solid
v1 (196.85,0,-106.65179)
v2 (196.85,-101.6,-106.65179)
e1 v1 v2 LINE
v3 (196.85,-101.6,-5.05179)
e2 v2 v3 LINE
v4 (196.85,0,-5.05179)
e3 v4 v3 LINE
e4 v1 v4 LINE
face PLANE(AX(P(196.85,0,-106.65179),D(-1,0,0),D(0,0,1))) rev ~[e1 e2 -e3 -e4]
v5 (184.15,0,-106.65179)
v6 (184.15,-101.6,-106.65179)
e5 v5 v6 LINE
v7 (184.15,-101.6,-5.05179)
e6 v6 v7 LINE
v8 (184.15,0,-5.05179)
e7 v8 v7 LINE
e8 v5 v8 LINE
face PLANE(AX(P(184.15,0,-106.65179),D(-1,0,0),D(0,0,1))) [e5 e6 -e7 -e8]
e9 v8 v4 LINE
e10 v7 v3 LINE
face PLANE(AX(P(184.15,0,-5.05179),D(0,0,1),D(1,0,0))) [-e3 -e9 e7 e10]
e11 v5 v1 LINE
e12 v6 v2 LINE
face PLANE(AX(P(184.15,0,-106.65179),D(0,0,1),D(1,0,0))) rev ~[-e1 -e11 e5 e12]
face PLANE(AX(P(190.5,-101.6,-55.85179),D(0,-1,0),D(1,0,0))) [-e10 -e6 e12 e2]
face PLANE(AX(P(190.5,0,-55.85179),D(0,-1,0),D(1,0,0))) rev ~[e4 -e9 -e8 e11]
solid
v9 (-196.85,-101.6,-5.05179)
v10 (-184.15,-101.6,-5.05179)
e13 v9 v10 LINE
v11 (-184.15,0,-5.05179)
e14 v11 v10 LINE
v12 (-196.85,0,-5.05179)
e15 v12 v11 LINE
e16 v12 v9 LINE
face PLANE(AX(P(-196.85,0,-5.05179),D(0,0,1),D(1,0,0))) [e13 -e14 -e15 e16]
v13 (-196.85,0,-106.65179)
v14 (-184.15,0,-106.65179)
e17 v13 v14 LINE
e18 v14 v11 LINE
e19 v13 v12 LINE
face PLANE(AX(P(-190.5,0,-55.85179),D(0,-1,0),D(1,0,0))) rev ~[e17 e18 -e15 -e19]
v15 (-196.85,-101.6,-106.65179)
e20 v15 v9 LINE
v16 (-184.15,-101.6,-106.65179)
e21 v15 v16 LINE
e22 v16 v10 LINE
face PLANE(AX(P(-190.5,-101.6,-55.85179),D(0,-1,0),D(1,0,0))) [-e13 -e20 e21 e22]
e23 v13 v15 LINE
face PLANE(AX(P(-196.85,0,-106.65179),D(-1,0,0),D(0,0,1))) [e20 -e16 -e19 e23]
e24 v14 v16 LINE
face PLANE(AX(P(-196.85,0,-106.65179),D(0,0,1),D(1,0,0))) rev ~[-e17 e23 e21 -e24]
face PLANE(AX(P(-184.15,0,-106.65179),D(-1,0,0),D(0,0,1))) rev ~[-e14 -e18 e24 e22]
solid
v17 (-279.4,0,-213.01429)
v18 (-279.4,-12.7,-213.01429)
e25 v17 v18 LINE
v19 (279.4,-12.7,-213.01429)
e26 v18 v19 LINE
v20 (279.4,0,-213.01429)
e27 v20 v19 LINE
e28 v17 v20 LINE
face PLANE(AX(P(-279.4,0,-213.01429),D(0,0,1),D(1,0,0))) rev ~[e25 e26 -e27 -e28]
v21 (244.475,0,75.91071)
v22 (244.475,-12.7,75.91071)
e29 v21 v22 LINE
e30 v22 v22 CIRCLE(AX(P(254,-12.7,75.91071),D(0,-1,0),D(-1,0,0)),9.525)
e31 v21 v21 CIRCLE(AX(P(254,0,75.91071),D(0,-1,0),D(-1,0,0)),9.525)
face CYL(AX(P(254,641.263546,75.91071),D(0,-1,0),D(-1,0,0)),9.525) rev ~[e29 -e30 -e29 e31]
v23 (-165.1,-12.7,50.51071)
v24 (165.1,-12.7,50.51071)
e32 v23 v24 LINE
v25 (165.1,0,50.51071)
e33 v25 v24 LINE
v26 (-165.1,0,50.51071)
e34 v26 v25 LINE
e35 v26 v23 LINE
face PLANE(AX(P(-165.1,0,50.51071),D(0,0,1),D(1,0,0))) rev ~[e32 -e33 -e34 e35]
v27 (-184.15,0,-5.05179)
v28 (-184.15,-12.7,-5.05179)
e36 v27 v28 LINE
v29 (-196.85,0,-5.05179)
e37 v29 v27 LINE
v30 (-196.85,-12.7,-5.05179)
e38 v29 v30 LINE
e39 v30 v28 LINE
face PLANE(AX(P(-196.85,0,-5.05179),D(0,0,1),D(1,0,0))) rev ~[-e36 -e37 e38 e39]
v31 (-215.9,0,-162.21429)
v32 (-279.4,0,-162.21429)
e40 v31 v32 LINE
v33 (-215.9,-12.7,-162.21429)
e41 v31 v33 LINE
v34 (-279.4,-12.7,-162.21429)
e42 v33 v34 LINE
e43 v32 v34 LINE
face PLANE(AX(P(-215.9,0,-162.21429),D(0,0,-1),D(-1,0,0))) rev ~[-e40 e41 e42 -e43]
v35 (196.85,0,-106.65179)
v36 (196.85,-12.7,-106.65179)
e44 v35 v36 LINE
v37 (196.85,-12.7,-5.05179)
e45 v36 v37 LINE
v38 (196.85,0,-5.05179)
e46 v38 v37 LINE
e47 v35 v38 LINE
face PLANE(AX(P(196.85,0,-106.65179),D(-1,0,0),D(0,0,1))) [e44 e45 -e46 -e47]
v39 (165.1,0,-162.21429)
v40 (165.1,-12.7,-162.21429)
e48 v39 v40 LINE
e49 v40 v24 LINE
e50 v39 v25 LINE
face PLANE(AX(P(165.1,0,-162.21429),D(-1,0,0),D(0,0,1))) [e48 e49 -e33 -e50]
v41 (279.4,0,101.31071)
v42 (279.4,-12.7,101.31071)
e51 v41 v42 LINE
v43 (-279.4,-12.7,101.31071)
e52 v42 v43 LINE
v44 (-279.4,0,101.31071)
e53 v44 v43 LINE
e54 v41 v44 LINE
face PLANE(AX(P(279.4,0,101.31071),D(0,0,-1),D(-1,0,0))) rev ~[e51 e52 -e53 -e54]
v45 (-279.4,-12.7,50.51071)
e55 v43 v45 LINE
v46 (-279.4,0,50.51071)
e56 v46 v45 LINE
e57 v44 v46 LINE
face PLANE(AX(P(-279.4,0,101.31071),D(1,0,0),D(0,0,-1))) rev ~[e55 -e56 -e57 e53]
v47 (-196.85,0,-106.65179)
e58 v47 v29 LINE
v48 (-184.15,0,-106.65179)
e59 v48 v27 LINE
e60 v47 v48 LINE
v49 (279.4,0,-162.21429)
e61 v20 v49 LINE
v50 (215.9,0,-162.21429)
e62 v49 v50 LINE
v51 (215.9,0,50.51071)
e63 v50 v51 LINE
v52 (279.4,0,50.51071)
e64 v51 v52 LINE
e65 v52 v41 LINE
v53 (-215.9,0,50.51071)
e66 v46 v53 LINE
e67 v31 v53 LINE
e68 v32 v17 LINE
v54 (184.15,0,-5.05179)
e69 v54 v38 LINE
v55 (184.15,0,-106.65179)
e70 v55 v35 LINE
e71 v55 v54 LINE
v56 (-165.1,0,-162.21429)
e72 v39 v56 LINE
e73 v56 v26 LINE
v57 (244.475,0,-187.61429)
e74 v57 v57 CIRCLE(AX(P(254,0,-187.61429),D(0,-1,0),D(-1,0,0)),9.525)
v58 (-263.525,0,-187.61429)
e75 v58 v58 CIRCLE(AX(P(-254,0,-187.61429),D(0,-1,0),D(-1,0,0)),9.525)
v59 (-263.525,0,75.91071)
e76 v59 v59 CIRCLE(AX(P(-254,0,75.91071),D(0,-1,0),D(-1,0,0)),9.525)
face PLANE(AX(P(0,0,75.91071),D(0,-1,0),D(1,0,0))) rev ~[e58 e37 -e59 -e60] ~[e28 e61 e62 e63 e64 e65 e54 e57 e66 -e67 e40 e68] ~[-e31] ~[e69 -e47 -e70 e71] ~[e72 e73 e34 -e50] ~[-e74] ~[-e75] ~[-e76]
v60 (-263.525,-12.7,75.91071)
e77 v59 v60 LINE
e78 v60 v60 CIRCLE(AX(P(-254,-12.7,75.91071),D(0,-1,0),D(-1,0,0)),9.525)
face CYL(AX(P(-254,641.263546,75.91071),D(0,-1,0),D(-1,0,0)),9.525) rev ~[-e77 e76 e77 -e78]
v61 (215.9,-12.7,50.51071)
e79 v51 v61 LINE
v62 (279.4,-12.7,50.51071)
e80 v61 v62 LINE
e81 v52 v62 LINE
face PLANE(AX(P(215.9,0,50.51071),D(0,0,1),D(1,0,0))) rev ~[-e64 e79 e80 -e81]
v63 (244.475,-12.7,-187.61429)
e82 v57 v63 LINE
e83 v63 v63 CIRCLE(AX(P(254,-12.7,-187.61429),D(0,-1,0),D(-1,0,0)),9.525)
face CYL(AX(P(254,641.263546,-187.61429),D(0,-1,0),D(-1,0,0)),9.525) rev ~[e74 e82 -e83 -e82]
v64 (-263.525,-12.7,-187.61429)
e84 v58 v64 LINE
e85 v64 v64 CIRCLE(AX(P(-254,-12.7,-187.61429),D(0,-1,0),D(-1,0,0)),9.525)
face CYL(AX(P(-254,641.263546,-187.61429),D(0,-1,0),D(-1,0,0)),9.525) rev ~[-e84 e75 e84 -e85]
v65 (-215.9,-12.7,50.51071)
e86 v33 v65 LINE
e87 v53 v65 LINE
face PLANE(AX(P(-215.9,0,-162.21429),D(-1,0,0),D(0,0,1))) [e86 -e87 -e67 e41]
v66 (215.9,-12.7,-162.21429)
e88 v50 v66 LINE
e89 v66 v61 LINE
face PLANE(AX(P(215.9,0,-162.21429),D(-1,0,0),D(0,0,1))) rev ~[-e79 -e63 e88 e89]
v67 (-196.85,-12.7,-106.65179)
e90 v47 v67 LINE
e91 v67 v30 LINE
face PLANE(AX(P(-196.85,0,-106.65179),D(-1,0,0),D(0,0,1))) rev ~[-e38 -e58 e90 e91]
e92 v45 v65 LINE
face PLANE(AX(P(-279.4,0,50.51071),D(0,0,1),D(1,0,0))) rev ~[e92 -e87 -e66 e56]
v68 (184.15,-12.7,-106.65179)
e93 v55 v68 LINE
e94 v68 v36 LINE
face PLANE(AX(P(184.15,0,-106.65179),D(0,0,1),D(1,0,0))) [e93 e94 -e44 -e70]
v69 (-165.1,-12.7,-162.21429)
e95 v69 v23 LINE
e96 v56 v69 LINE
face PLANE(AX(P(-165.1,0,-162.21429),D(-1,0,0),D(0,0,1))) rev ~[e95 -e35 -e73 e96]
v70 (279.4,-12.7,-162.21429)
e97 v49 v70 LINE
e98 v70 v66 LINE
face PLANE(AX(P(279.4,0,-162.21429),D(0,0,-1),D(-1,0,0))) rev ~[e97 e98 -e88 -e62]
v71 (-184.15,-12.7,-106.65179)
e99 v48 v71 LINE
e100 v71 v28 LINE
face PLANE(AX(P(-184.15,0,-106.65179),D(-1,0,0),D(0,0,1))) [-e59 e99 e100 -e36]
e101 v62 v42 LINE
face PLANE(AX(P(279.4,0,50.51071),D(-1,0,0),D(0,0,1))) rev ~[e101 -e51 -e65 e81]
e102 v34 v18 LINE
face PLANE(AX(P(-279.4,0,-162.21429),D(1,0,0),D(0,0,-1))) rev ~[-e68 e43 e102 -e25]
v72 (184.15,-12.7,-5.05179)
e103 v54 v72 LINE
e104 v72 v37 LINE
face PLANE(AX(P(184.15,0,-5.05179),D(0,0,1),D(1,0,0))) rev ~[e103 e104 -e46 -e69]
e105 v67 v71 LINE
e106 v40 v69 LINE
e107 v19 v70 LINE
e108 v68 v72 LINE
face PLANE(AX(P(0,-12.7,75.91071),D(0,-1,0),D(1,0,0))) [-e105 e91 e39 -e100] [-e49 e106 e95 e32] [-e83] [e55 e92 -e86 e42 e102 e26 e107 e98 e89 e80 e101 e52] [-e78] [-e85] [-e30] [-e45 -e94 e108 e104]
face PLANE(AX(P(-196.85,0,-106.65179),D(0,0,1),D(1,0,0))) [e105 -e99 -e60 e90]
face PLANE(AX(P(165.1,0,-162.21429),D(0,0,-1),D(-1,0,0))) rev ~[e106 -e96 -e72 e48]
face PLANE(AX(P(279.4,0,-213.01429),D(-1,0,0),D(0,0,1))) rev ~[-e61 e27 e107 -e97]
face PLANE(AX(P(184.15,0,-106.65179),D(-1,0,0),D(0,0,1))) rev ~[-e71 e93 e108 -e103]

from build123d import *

# Parameters (mm, degrees)
F0_W     = 50.8
F0_H     = 212.725
F0_W_2   = 12.7
F0_H_2   = 101.6
F1_DEPTH = 12.7
F2_D     = 19.05
F3_DEPTH = 101.6


with BuildPart() as f1:
    # F0 (on Front) → F1 (new body)
    with BuildSketch(Plane.XZ):
        Polygon((215.9, 50.5107097983), (279.4, 50.5107097983), (279.4, 101.3107097983), (-279.4, 101.3107097983), (-279.4, 50.5107097983), (-215.9, 50.5107097983), (-165.1, 50.5107097983), (165.1, 50.5107097983), align=None)
        with Locations((190.5, -55.8517902017)):
            Rectangle(F0_W, F0_H)
        with Locations((190.5, -55.8517902017)):
            Rectangle(F0_W_2, F0_H_2, mode=Mode.SUBTRACT)
        Polygon((279.4, -162.2142902017), (215.9, -162.2142902017), (165.1, -162.2142902017), (-165.1, -162.2142902017), (-215.9, -162.2142902017), (-279.4, -162.2142902017), (-279.4, -213.0142902017), (279.4, -213.0142902017), align=None)
        with Locations((-190.5, -55.8517902017)):
            Rectangle(F0_W, F0_H)
        with Locations((-190.5, -55.8517902017)):
            Rectangle(F0_W_2, F0_H_2, mode=Mode.SUBTRACT)
    extrude(amount=F1_DEPTH)

    # F2 (through all)
    with Locations(Plane(origin=(0, 0, 0), x_dir=(1, 0, 0), z_dir=(0, 1, 0))):
        with Locations((-254, -75.9107097983), (254, -75.9107097983), (254, 187.6142902017), (-254, 187.6142902017)):
            Hole(F2_D / 2)


with BuildPart() as f3:
    # F0 (on Front) → F3 (new body)
    with BuildSketch(Plane.XZ):
        with Locations((190.5, -55.8517902017)):
            Rectangle(F0_W_2, F0_H_2)
    extrude(amount=F3_DEPTH)


with BuildPart() as f3b:
    # F0 (on Front) → F3, piece 2 (new body)
    with BuildSketch(Plane.XZ):
        with Locations((-190.5, -55.8517902017)):
            Rectangle(F0_W_2, F0_H_2)
    extrude(amount=F3_DEPTH)


solid = Compound([f1.part, f3.part, f3b.part])
